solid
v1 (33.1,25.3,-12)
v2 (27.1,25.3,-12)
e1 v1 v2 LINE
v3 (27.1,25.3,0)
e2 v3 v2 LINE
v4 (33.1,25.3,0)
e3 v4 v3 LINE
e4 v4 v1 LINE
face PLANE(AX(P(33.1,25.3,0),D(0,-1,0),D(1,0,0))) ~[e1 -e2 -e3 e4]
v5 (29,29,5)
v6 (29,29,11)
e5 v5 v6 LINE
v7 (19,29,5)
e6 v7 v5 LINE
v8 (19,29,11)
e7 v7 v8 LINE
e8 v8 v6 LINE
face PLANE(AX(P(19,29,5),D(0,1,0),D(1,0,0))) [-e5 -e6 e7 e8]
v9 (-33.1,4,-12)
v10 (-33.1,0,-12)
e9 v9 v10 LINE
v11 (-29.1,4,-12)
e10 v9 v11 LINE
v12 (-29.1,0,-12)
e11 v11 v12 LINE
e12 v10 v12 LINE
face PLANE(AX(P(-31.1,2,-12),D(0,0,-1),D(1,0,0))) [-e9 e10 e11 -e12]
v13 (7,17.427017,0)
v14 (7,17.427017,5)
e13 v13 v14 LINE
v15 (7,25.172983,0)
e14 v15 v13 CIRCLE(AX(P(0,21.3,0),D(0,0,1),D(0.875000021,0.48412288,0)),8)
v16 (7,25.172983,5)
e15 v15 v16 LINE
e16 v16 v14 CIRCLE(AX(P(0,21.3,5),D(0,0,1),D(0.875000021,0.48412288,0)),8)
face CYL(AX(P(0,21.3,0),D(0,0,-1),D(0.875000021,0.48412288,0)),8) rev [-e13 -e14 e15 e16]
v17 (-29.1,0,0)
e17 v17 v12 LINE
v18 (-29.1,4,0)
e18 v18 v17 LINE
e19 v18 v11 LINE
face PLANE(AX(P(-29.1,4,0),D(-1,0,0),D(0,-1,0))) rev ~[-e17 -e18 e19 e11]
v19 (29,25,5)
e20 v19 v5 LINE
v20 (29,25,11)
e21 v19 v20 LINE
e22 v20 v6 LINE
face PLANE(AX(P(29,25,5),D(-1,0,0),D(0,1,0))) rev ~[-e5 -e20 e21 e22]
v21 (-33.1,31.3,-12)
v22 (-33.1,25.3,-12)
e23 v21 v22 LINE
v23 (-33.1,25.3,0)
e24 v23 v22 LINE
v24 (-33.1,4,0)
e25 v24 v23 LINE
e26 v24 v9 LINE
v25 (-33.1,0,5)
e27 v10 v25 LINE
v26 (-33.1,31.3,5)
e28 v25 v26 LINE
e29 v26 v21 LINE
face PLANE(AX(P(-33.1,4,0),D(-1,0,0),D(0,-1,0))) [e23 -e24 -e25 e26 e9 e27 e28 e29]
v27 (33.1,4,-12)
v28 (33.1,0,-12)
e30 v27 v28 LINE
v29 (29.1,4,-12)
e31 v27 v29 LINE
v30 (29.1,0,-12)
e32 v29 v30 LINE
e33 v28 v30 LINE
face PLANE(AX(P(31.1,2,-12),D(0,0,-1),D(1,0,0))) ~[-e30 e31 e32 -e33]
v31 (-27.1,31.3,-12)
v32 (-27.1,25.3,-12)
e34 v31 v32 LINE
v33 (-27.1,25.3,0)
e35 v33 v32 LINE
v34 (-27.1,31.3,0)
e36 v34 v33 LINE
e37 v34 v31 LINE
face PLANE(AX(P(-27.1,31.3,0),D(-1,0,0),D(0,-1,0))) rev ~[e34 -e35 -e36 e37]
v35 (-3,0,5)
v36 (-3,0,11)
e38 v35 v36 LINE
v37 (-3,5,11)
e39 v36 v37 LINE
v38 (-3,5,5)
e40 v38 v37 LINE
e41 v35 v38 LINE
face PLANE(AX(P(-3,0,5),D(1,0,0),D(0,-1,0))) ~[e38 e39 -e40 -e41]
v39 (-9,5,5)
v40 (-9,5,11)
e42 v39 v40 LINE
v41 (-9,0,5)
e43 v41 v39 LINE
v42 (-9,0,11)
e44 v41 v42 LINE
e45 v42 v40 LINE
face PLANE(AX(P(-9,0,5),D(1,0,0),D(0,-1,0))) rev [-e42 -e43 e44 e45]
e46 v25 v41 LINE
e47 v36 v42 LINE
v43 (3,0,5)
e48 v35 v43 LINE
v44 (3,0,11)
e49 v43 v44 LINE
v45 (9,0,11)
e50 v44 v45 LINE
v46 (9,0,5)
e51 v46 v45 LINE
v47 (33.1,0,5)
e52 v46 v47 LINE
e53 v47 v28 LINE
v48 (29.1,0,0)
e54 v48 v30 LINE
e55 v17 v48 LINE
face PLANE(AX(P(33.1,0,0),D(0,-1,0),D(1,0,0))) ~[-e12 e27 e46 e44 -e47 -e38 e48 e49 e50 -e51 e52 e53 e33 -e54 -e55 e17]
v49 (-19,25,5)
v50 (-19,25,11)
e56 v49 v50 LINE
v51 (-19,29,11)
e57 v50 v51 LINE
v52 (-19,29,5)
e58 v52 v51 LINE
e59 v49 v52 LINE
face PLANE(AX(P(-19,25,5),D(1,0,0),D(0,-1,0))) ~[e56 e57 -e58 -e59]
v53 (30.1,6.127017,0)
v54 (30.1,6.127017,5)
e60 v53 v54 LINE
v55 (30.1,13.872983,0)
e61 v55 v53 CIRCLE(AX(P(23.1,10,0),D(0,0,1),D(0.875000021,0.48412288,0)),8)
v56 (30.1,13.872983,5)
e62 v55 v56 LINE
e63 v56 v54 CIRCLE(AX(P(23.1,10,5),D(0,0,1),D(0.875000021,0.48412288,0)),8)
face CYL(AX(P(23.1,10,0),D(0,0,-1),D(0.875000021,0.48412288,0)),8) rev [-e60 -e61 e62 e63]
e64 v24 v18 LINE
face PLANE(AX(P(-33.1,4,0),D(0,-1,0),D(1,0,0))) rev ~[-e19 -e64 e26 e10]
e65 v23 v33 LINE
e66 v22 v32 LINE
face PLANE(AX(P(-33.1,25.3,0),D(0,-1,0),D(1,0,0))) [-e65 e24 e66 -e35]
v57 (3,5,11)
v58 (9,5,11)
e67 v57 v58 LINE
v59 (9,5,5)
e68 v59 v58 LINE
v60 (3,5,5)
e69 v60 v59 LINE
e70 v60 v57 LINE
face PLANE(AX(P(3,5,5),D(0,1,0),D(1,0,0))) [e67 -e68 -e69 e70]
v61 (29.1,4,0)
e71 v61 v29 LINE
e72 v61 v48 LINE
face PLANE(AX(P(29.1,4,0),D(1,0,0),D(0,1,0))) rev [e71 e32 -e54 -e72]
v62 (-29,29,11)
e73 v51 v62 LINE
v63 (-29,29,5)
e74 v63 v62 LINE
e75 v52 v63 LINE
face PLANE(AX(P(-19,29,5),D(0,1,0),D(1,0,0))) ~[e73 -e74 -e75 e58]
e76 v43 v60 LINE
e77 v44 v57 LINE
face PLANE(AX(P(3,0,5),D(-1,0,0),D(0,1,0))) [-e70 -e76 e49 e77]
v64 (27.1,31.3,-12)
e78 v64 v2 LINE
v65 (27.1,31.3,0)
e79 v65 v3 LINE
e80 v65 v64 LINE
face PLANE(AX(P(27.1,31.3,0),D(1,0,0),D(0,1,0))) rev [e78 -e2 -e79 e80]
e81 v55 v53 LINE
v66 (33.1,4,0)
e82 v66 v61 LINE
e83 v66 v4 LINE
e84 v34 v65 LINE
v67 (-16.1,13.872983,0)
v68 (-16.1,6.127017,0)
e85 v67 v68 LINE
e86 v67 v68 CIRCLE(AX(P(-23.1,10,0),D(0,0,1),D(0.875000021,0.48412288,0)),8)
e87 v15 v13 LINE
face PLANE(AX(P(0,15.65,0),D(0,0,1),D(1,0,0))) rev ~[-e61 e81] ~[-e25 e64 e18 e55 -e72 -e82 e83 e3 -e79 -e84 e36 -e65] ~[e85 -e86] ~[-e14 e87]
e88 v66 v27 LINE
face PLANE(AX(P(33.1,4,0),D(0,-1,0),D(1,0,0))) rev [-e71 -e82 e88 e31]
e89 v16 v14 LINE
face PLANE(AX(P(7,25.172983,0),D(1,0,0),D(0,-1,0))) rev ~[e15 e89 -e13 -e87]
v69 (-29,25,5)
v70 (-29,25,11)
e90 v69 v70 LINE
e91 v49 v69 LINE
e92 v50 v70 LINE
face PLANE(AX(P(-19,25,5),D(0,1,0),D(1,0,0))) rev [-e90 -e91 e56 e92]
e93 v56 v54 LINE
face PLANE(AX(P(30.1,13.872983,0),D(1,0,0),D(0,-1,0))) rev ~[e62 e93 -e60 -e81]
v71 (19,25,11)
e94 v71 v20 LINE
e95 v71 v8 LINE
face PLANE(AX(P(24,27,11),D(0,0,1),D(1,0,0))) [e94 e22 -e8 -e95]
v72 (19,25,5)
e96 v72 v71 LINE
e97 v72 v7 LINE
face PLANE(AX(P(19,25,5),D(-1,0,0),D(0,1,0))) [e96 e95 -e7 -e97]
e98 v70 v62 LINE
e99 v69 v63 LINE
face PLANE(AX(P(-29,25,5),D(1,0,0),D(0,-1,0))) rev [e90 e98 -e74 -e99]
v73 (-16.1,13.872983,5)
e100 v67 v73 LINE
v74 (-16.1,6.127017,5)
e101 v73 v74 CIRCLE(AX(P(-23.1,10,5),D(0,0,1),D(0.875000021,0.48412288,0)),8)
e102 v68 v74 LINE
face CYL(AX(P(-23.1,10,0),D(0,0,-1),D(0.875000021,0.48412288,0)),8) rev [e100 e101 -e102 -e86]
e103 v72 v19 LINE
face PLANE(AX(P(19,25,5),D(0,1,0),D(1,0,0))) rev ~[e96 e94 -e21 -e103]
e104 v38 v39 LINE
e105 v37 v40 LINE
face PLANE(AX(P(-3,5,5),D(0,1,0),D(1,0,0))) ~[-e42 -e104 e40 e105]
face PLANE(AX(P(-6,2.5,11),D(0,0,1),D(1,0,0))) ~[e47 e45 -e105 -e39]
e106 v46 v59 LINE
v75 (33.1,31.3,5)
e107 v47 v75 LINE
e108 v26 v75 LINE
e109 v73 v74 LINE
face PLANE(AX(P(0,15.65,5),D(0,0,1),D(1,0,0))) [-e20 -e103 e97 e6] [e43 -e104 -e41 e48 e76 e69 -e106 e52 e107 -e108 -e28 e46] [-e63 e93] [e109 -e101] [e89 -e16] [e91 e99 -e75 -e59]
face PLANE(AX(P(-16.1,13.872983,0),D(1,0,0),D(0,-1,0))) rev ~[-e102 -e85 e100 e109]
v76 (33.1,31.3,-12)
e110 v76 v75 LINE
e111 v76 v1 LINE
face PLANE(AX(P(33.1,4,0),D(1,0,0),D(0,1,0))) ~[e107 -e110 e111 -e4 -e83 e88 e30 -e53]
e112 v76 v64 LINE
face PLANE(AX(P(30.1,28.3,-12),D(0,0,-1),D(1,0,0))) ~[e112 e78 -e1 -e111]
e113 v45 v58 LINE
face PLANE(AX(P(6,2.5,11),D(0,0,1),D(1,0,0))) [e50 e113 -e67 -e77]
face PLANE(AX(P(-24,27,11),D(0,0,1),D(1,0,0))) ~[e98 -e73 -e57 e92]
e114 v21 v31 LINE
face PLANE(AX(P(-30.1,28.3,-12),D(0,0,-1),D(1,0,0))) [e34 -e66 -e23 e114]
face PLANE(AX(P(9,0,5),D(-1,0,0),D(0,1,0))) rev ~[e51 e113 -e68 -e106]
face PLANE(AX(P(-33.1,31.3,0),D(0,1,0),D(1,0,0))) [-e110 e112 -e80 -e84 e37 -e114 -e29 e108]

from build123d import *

# Parameters (mm, degrees)
SKETCH_W      = 66.2
SKETCH_H      = 31.3
PAD_DEPTH     = 5
SKETCH001_W   = 10
SKETCH001_H   = 4
SKETCH001_W_2 = 6
SKETCH001_H_2 = 5
PAD001_DEPTH  = 6
SKETCH002_W   = 4
SKETCH002_H   = 4
SKETCH002_W_2 = 6
SKETCH002_H_2 = 6
PAD002_DEPTH  = 12


with BuildPart() as part:
    # Sketch → Pad (new body)
    with BuildSketch(Plane.XY):
        with Locations((0, 15.65)):
            Rectangle(SKETCH_W, SKETCH_H)
        with BuildLine():
            ThreePointArc((-16.1, 13.872983), (-31.1, 10), (-16.1, 6.127017))
            Line((-16.1, 13.872983), (-16.1, 6.127017))
        make_face(mode=Mode.SUBTRACT)
        with BuildLine():
            ThreePointArc((30.1, 13.872983), (15.1, 10), (30.1, 6.127017))
            Line((30.1, 13.872983), (30.1, 6.127017))
        make_face(mode=Mode.SUBTRACT)
        with BuildLine():
            ThreePointArc((7, 25.172983), (-8, 21.3), (7, 17.427017))
            Line((7, 25.172983), (7, 17.427017))
        make_face(mode=Mode.SUBTRACT)
    extrude(amount=PAD_DEPTH)

    # Sketch001 (on Face12 of Pad) → Pad001 (join)
    with BuildSketch(Plane.XY.offset(5)):
        with Locations((24, 27)):
            Rectangle(SKETCH001_W, SKETCH001_H)
        with Locations((6, 2.5)):
            Rectangle(SKETCH001_W_2, SKETCH001_H_2)
    pad001 = extrude(amount=PAD001_DEPTH)

    # Mirrored: Pad001 across Sketch001 V_Axis
    add(pad001.mirror(Plane(origin=(0, 0, 5), x_dir=(0, 0, 1), z_dir=(1, 0, 0))))

    # Sketch002 (on Face3 of Mirrored) → Pad002 (join)
    with BuildSketch(Plane(origin=(0, 0, 0), x_dir=(1, 0, 0), z_dir=(0, 0, -1))):
        with Locations((-31.1, -2)):
            Rectangle(SKETCH002_W, SKETCH002_H)
        with Locations((-30.1, -28.3)):
            Rectangle(SKETCH002_W_2, SKETCH002_H_2)
    pad002 = extrude(amount=PAD002_DEPTH)

    # Mirrored001: Pad002 across Sketch002 V_Axis
    add(pad002.mirror(Plane(origin=(0, 0, 0), x_dir=(0, 0, -1), z_dir=(1, 0, 0))))


solid = part.part
